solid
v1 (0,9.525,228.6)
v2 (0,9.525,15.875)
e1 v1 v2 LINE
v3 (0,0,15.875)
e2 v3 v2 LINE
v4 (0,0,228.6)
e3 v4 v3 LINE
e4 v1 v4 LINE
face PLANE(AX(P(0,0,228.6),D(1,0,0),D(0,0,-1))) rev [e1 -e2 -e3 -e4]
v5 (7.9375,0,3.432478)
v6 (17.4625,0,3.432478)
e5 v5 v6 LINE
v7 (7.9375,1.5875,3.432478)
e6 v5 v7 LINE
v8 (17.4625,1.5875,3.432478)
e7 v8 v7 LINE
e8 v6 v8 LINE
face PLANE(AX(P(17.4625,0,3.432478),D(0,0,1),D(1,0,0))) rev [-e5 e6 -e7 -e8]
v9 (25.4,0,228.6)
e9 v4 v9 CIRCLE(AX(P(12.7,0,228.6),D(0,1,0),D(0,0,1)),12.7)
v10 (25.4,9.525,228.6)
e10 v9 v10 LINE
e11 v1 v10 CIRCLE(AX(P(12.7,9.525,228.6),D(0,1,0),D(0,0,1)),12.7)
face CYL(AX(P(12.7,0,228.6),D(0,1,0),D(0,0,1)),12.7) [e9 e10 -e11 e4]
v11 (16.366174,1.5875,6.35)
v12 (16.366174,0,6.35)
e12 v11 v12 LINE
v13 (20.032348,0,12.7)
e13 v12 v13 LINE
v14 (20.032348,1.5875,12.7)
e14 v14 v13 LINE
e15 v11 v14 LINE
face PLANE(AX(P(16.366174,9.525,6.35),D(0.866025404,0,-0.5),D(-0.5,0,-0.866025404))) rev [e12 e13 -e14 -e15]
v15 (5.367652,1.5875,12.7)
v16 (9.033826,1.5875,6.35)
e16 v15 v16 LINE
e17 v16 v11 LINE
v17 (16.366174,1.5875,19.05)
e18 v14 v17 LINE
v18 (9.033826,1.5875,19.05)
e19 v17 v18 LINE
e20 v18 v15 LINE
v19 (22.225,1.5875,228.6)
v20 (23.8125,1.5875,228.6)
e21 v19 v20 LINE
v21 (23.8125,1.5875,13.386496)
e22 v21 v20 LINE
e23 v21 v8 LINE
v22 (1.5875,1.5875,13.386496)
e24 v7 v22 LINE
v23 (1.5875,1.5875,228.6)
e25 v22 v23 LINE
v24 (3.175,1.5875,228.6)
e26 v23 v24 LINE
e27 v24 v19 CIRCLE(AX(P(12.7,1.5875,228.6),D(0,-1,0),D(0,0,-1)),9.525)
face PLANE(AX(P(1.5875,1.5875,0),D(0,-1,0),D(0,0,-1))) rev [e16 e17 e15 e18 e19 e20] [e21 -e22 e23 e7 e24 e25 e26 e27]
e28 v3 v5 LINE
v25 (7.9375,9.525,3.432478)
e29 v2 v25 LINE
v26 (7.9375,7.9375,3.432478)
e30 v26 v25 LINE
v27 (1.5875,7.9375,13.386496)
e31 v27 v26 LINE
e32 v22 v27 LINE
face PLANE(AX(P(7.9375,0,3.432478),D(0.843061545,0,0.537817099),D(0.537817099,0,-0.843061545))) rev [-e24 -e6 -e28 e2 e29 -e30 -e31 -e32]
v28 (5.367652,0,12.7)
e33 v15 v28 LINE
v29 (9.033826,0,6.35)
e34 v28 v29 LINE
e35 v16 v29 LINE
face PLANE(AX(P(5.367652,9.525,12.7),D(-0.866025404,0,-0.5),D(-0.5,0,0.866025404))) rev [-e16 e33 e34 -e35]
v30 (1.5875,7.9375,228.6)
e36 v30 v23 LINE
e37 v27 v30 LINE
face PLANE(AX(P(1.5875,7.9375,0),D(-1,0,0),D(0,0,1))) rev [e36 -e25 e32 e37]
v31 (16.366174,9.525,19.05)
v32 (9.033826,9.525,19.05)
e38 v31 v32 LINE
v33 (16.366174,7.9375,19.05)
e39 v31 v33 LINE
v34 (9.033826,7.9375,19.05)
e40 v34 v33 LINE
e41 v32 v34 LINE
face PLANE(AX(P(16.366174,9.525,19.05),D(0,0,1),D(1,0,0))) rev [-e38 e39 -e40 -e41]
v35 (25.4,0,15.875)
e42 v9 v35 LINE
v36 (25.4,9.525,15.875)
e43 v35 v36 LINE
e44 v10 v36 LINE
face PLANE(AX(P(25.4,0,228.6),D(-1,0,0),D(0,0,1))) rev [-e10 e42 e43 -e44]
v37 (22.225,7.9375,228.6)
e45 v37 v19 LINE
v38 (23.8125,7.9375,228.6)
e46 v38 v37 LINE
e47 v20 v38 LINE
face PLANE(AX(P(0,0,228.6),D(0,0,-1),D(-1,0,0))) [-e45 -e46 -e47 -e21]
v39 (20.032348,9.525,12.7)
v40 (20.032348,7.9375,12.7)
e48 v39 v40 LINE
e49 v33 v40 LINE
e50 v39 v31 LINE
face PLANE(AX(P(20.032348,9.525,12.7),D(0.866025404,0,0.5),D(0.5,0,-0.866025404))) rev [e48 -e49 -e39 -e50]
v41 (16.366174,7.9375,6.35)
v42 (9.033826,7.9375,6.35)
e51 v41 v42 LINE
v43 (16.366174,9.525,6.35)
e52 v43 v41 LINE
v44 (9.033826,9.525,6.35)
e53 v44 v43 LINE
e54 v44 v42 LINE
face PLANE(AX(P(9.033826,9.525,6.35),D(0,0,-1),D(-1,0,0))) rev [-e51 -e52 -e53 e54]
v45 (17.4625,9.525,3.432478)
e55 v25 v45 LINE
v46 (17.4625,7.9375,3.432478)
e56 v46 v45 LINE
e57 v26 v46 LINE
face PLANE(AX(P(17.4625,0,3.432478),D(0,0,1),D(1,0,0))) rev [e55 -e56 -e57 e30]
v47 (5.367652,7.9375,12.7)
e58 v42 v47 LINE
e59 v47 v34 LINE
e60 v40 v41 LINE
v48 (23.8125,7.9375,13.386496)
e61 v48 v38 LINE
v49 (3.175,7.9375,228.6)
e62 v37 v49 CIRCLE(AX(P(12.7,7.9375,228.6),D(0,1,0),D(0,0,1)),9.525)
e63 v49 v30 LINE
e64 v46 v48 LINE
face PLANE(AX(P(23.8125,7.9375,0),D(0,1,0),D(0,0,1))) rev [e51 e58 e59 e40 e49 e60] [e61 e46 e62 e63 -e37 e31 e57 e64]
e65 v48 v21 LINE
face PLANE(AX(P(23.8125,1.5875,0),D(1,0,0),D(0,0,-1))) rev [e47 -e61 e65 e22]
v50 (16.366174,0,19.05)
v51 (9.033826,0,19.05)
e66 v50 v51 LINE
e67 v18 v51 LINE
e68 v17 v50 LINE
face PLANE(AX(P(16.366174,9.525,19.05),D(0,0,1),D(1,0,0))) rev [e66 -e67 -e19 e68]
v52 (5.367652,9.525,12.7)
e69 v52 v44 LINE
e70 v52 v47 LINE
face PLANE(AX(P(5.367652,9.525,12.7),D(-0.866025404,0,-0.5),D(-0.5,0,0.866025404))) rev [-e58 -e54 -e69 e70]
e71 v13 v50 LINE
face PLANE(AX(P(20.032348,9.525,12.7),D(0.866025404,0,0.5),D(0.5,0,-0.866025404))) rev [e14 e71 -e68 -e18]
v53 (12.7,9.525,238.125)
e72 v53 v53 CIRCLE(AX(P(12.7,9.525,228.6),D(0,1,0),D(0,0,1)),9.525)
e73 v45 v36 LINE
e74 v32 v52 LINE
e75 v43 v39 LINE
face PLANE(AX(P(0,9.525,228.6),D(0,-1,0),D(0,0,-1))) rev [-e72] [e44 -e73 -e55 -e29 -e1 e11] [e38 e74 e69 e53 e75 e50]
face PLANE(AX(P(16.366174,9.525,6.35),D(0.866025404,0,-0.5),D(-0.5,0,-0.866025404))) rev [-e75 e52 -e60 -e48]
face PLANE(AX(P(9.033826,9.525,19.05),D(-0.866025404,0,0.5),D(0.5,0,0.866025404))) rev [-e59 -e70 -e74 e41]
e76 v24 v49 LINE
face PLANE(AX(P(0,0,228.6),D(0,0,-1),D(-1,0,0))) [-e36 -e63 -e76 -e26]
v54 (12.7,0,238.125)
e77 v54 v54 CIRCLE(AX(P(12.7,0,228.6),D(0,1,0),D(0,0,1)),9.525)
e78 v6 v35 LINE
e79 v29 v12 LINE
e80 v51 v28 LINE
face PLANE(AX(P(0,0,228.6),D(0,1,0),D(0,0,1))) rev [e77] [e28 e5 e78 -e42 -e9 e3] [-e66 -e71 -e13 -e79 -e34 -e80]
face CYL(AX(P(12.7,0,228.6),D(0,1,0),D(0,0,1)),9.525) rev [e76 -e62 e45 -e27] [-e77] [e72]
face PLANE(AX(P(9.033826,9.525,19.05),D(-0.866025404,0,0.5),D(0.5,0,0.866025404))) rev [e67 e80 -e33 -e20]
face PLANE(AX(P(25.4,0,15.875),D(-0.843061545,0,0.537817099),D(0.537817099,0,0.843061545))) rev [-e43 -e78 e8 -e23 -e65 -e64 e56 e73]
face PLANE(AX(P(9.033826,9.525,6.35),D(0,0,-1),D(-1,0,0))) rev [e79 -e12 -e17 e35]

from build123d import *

# Parameters (mm, degrees)
SKETCH1_W           = 25.4
SKETCH1_H           = 9.525
BOSS_EXTRUDE1_DEPTH = 228.6
SKETCH2_W           = 22.225
SKETCH2_H           = 6.35
CUT_EXTRUDE1_DEPTH  = 231.203921828
CUT_EXTRUDE2_DEPTH  = 231.203921828
CUT_EXTRUDE3_DEPTH  = 231.203921828
BOSS_EXTRUDE2_DEPTH = 9.525
SKETCH6_R           = 9.525
CUT_EXTRUDE4_DEPTH  = 9.525


with BuildPart() as part:
    # Sketch1 → Boss-Extrude1 (new body)
    with BuildSketch(Plane.XY):
        with Locations((12.7, 4.7625)):
            Rectangle(SKETCH1_W, SKETCH1_H)
    extrude(amount=BOSS_EXTRUDE1_DEPTH)

    # Sketch2 → Cut-Extrude1 (cut, through all)
    with BuildSketch(Plane.XY.offset(228.6)):
        with Locations((12.7, 4.7625)):
            Rectangle(SKETCH2_W, SKETCH2_H)
    extrude(amount=-CUT_EXTRUDE1_DEPTH, mode=Mode.SUBTRACT)

    # Sketch3 → Cut-Extrude2 (cut, through all)
    with BuildSketch(Plane.XZ):
        Polygon((20.032348419, 12.7), (16.366174209, 19.05), (9.033825791, 19.05), (5.367651581, 12.7), (9.033825791, 6.35), (16.366174209, 6.35), align=None)
    extrude(amount=-CUT_EXTRUDE2_DEPTH, mode=Mode.SUBTRACT)

    # Sketch4 → Cut-Extrude3 (cut, through all)
    with BuildSketch(Plane(origin=(0, 9.525, 0), x_dir=(1, 0, 0), z_dir=(0, 1, 0))):
        Polygon((25.4, -15.875), (17.4625, -3.432478139), (7.9375, -3.432478139), (0, -15.875), (0, 0), (25.4, 0), align=None)
    extrude(amount=-CUT_EXTRUDE3_DEPTH, mode=Mode.SUBTRACT)

    # Sketch5 → Boss-Extrude2 (add)
    with BuildSketch(Plane(origin=(0, 9.525, 0), x_dir=(1, 0, 0), z_dir=(0, 1, 0))):
        with BuildLine():
            Line((0, -228.6), (25.4, -228.6))
            ThreePointArc((25.4, -228.6), (12.7, -241.3), (0, -228.6))
        make_face()
    extrude(amount=-BOSS_EXTRUDE2_DEPTH)

    # Sketch6 → Cut-Extrude4 (cut)
    with BuildSketch(Plane(origin=(0, 9.525, 0), x_dir=(1, 0, 0), z_dir=(0, 1, 0))):
        with Locations(Location((12.7, -228.6, 0), (0, 0, 270))):
            Circle(SKETCH6_R)
    extrude(amount=-CUT_EXTRUDE4_DEPTH, mode=Mode.SUBTRACT)


solid = part.part
